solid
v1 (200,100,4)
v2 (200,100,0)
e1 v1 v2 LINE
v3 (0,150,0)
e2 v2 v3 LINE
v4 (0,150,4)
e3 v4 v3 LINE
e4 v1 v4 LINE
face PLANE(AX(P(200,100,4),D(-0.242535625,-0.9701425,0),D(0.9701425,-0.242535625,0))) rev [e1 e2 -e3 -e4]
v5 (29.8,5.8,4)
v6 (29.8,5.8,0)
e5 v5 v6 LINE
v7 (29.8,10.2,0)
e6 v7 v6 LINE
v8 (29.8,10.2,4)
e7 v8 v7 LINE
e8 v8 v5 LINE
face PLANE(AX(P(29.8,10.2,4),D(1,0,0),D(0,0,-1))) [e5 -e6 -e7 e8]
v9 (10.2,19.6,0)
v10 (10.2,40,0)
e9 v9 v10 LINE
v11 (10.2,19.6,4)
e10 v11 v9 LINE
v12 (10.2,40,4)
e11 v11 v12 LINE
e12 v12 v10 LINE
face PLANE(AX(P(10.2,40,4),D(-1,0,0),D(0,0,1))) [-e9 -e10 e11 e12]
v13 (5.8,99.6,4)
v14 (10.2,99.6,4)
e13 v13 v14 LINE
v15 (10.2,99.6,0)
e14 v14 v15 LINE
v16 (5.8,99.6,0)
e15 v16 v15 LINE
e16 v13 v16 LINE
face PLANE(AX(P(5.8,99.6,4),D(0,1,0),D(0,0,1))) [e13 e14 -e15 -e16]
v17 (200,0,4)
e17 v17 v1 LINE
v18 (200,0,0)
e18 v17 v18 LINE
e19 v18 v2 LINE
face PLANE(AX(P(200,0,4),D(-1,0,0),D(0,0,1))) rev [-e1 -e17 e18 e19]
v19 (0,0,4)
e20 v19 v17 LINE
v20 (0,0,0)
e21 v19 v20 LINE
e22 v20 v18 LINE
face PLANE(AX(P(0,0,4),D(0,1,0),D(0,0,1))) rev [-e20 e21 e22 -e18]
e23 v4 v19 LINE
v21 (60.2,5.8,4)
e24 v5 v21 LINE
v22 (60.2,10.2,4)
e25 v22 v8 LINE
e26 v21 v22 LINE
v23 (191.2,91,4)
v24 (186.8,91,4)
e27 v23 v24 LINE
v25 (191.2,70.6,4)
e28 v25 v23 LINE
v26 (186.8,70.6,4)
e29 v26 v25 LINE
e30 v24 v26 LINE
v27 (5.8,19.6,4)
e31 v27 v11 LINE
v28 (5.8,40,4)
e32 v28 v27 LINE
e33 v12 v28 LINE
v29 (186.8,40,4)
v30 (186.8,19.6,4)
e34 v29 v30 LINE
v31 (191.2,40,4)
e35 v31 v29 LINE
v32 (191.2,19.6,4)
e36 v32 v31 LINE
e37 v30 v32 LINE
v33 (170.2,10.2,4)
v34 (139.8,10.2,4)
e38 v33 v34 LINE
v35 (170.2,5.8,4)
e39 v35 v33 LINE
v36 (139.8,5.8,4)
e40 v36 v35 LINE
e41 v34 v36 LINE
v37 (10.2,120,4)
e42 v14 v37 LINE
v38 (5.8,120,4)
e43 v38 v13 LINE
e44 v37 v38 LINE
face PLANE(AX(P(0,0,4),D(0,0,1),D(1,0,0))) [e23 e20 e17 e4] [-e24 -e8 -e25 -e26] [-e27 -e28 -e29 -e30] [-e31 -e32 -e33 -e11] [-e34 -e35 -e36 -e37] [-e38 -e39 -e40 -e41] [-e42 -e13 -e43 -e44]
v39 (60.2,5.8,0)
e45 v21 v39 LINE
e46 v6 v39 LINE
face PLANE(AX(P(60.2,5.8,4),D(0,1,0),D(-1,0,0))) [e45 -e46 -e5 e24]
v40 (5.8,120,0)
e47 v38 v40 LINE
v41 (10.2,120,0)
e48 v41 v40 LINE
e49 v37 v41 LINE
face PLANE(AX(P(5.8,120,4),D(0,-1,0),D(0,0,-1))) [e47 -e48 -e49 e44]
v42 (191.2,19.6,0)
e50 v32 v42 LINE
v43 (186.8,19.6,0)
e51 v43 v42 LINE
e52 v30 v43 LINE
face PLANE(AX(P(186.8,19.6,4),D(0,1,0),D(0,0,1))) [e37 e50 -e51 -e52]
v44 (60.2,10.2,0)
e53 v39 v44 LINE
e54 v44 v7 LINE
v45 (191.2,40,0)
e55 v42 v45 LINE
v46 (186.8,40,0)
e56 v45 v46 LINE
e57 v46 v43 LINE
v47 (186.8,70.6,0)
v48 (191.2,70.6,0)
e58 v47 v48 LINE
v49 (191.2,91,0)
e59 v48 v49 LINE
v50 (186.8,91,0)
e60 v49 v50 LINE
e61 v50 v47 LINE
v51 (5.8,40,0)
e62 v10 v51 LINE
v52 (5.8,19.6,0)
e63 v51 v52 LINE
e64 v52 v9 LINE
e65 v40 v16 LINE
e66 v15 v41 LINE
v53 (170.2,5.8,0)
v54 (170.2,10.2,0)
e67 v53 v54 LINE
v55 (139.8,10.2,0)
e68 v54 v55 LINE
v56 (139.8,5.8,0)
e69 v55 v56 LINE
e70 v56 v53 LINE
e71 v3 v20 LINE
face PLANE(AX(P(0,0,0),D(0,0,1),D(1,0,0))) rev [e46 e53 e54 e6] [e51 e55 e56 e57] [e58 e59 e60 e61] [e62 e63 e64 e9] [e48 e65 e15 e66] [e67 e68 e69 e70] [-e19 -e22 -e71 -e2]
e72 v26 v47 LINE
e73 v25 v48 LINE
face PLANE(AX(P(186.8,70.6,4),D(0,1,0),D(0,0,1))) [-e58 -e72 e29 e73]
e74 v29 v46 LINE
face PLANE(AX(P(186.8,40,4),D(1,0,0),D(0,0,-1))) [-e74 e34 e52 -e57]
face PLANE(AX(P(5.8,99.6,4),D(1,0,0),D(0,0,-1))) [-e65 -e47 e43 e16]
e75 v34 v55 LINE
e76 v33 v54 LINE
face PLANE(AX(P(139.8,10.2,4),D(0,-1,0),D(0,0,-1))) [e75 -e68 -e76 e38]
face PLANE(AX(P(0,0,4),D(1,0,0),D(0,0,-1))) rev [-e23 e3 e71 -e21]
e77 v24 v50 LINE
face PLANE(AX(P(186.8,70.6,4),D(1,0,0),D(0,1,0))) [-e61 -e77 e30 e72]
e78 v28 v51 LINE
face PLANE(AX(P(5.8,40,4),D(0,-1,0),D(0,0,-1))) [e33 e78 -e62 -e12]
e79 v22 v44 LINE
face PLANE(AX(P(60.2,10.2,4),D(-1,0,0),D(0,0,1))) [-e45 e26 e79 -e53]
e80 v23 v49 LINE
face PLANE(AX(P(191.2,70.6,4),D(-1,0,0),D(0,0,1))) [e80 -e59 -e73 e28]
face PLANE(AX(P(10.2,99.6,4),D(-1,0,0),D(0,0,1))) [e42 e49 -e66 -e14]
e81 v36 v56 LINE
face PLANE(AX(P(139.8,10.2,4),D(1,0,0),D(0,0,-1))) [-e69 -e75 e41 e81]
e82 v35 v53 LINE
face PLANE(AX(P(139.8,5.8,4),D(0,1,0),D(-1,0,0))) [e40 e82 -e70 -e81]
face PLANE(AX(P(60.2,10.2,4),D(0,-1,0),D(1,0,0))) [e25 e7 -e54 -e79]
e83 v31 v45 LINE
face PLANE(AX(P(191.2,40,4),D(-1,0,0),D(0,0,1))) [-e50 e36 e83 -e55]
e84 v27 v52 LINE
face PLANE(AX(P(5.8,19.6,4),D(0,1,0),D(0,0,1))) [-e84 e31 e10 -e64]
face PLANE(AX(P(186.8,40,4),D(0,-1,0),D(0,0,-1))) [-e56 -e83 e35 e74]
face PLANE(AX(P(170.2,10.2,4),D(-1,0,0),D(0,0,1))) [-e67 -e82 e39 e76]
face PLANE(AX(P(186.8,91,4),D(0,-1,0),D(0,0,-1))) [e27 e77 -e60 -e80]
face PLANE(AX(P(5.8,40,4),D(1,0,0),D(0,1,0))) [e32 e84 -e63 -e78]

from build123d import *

# Parameters (mm, degrees)
SKETCH_1_W      = 4.4
SKETCH_1_H      = 20.4
SKETCH_1_W_2    = 30.4
SKETCH_1_H_2    = 4.4
EXTRUDE_1_DEPTH = 4


with BuildPart() as part:
    # Эскиз1 → Бобышка-Вытянуть1 (new body)
    with BuildSketch(Plane.XY):
        Polygon((0, 0), (0, 150), (200, 100), (200, 0), align=None)
        with Locations((189, 29.8)):
            Rectangle(SKETCH_1_W, SKETCH_1_H, mode=Mode.SUBTRACT)
        with Locations((155, 8)):
            Rectangle(SKETCH_1_W_2, SKETCH_1_H_2, mode=Mode.SUBTRACT)
        with Locations((45, 8)):
            Rectangle(SKETCH_1_W_2, SKETCH_1_H_2, mode=Mode.SUBTRACT)
        with Locations((8, 109.8)):
            Rectangle(SKETCH_1_W, SKETCH_1_H, mode=Mode.SUBTRACT)
        with Locations((189, 80.8)):
            Rectangle(SKETCH_1_W, SKETCH_1_H, mode=Mode.SUBTRACT)
        with Locations((8, 29.8)):
            Rectangle(SKETCH_1_W, SKETCH_1_H, mode=Mode.SUBTRACT)
    extrude(amount=EXTRUDE_1_DEPTH)


solid = part.part
